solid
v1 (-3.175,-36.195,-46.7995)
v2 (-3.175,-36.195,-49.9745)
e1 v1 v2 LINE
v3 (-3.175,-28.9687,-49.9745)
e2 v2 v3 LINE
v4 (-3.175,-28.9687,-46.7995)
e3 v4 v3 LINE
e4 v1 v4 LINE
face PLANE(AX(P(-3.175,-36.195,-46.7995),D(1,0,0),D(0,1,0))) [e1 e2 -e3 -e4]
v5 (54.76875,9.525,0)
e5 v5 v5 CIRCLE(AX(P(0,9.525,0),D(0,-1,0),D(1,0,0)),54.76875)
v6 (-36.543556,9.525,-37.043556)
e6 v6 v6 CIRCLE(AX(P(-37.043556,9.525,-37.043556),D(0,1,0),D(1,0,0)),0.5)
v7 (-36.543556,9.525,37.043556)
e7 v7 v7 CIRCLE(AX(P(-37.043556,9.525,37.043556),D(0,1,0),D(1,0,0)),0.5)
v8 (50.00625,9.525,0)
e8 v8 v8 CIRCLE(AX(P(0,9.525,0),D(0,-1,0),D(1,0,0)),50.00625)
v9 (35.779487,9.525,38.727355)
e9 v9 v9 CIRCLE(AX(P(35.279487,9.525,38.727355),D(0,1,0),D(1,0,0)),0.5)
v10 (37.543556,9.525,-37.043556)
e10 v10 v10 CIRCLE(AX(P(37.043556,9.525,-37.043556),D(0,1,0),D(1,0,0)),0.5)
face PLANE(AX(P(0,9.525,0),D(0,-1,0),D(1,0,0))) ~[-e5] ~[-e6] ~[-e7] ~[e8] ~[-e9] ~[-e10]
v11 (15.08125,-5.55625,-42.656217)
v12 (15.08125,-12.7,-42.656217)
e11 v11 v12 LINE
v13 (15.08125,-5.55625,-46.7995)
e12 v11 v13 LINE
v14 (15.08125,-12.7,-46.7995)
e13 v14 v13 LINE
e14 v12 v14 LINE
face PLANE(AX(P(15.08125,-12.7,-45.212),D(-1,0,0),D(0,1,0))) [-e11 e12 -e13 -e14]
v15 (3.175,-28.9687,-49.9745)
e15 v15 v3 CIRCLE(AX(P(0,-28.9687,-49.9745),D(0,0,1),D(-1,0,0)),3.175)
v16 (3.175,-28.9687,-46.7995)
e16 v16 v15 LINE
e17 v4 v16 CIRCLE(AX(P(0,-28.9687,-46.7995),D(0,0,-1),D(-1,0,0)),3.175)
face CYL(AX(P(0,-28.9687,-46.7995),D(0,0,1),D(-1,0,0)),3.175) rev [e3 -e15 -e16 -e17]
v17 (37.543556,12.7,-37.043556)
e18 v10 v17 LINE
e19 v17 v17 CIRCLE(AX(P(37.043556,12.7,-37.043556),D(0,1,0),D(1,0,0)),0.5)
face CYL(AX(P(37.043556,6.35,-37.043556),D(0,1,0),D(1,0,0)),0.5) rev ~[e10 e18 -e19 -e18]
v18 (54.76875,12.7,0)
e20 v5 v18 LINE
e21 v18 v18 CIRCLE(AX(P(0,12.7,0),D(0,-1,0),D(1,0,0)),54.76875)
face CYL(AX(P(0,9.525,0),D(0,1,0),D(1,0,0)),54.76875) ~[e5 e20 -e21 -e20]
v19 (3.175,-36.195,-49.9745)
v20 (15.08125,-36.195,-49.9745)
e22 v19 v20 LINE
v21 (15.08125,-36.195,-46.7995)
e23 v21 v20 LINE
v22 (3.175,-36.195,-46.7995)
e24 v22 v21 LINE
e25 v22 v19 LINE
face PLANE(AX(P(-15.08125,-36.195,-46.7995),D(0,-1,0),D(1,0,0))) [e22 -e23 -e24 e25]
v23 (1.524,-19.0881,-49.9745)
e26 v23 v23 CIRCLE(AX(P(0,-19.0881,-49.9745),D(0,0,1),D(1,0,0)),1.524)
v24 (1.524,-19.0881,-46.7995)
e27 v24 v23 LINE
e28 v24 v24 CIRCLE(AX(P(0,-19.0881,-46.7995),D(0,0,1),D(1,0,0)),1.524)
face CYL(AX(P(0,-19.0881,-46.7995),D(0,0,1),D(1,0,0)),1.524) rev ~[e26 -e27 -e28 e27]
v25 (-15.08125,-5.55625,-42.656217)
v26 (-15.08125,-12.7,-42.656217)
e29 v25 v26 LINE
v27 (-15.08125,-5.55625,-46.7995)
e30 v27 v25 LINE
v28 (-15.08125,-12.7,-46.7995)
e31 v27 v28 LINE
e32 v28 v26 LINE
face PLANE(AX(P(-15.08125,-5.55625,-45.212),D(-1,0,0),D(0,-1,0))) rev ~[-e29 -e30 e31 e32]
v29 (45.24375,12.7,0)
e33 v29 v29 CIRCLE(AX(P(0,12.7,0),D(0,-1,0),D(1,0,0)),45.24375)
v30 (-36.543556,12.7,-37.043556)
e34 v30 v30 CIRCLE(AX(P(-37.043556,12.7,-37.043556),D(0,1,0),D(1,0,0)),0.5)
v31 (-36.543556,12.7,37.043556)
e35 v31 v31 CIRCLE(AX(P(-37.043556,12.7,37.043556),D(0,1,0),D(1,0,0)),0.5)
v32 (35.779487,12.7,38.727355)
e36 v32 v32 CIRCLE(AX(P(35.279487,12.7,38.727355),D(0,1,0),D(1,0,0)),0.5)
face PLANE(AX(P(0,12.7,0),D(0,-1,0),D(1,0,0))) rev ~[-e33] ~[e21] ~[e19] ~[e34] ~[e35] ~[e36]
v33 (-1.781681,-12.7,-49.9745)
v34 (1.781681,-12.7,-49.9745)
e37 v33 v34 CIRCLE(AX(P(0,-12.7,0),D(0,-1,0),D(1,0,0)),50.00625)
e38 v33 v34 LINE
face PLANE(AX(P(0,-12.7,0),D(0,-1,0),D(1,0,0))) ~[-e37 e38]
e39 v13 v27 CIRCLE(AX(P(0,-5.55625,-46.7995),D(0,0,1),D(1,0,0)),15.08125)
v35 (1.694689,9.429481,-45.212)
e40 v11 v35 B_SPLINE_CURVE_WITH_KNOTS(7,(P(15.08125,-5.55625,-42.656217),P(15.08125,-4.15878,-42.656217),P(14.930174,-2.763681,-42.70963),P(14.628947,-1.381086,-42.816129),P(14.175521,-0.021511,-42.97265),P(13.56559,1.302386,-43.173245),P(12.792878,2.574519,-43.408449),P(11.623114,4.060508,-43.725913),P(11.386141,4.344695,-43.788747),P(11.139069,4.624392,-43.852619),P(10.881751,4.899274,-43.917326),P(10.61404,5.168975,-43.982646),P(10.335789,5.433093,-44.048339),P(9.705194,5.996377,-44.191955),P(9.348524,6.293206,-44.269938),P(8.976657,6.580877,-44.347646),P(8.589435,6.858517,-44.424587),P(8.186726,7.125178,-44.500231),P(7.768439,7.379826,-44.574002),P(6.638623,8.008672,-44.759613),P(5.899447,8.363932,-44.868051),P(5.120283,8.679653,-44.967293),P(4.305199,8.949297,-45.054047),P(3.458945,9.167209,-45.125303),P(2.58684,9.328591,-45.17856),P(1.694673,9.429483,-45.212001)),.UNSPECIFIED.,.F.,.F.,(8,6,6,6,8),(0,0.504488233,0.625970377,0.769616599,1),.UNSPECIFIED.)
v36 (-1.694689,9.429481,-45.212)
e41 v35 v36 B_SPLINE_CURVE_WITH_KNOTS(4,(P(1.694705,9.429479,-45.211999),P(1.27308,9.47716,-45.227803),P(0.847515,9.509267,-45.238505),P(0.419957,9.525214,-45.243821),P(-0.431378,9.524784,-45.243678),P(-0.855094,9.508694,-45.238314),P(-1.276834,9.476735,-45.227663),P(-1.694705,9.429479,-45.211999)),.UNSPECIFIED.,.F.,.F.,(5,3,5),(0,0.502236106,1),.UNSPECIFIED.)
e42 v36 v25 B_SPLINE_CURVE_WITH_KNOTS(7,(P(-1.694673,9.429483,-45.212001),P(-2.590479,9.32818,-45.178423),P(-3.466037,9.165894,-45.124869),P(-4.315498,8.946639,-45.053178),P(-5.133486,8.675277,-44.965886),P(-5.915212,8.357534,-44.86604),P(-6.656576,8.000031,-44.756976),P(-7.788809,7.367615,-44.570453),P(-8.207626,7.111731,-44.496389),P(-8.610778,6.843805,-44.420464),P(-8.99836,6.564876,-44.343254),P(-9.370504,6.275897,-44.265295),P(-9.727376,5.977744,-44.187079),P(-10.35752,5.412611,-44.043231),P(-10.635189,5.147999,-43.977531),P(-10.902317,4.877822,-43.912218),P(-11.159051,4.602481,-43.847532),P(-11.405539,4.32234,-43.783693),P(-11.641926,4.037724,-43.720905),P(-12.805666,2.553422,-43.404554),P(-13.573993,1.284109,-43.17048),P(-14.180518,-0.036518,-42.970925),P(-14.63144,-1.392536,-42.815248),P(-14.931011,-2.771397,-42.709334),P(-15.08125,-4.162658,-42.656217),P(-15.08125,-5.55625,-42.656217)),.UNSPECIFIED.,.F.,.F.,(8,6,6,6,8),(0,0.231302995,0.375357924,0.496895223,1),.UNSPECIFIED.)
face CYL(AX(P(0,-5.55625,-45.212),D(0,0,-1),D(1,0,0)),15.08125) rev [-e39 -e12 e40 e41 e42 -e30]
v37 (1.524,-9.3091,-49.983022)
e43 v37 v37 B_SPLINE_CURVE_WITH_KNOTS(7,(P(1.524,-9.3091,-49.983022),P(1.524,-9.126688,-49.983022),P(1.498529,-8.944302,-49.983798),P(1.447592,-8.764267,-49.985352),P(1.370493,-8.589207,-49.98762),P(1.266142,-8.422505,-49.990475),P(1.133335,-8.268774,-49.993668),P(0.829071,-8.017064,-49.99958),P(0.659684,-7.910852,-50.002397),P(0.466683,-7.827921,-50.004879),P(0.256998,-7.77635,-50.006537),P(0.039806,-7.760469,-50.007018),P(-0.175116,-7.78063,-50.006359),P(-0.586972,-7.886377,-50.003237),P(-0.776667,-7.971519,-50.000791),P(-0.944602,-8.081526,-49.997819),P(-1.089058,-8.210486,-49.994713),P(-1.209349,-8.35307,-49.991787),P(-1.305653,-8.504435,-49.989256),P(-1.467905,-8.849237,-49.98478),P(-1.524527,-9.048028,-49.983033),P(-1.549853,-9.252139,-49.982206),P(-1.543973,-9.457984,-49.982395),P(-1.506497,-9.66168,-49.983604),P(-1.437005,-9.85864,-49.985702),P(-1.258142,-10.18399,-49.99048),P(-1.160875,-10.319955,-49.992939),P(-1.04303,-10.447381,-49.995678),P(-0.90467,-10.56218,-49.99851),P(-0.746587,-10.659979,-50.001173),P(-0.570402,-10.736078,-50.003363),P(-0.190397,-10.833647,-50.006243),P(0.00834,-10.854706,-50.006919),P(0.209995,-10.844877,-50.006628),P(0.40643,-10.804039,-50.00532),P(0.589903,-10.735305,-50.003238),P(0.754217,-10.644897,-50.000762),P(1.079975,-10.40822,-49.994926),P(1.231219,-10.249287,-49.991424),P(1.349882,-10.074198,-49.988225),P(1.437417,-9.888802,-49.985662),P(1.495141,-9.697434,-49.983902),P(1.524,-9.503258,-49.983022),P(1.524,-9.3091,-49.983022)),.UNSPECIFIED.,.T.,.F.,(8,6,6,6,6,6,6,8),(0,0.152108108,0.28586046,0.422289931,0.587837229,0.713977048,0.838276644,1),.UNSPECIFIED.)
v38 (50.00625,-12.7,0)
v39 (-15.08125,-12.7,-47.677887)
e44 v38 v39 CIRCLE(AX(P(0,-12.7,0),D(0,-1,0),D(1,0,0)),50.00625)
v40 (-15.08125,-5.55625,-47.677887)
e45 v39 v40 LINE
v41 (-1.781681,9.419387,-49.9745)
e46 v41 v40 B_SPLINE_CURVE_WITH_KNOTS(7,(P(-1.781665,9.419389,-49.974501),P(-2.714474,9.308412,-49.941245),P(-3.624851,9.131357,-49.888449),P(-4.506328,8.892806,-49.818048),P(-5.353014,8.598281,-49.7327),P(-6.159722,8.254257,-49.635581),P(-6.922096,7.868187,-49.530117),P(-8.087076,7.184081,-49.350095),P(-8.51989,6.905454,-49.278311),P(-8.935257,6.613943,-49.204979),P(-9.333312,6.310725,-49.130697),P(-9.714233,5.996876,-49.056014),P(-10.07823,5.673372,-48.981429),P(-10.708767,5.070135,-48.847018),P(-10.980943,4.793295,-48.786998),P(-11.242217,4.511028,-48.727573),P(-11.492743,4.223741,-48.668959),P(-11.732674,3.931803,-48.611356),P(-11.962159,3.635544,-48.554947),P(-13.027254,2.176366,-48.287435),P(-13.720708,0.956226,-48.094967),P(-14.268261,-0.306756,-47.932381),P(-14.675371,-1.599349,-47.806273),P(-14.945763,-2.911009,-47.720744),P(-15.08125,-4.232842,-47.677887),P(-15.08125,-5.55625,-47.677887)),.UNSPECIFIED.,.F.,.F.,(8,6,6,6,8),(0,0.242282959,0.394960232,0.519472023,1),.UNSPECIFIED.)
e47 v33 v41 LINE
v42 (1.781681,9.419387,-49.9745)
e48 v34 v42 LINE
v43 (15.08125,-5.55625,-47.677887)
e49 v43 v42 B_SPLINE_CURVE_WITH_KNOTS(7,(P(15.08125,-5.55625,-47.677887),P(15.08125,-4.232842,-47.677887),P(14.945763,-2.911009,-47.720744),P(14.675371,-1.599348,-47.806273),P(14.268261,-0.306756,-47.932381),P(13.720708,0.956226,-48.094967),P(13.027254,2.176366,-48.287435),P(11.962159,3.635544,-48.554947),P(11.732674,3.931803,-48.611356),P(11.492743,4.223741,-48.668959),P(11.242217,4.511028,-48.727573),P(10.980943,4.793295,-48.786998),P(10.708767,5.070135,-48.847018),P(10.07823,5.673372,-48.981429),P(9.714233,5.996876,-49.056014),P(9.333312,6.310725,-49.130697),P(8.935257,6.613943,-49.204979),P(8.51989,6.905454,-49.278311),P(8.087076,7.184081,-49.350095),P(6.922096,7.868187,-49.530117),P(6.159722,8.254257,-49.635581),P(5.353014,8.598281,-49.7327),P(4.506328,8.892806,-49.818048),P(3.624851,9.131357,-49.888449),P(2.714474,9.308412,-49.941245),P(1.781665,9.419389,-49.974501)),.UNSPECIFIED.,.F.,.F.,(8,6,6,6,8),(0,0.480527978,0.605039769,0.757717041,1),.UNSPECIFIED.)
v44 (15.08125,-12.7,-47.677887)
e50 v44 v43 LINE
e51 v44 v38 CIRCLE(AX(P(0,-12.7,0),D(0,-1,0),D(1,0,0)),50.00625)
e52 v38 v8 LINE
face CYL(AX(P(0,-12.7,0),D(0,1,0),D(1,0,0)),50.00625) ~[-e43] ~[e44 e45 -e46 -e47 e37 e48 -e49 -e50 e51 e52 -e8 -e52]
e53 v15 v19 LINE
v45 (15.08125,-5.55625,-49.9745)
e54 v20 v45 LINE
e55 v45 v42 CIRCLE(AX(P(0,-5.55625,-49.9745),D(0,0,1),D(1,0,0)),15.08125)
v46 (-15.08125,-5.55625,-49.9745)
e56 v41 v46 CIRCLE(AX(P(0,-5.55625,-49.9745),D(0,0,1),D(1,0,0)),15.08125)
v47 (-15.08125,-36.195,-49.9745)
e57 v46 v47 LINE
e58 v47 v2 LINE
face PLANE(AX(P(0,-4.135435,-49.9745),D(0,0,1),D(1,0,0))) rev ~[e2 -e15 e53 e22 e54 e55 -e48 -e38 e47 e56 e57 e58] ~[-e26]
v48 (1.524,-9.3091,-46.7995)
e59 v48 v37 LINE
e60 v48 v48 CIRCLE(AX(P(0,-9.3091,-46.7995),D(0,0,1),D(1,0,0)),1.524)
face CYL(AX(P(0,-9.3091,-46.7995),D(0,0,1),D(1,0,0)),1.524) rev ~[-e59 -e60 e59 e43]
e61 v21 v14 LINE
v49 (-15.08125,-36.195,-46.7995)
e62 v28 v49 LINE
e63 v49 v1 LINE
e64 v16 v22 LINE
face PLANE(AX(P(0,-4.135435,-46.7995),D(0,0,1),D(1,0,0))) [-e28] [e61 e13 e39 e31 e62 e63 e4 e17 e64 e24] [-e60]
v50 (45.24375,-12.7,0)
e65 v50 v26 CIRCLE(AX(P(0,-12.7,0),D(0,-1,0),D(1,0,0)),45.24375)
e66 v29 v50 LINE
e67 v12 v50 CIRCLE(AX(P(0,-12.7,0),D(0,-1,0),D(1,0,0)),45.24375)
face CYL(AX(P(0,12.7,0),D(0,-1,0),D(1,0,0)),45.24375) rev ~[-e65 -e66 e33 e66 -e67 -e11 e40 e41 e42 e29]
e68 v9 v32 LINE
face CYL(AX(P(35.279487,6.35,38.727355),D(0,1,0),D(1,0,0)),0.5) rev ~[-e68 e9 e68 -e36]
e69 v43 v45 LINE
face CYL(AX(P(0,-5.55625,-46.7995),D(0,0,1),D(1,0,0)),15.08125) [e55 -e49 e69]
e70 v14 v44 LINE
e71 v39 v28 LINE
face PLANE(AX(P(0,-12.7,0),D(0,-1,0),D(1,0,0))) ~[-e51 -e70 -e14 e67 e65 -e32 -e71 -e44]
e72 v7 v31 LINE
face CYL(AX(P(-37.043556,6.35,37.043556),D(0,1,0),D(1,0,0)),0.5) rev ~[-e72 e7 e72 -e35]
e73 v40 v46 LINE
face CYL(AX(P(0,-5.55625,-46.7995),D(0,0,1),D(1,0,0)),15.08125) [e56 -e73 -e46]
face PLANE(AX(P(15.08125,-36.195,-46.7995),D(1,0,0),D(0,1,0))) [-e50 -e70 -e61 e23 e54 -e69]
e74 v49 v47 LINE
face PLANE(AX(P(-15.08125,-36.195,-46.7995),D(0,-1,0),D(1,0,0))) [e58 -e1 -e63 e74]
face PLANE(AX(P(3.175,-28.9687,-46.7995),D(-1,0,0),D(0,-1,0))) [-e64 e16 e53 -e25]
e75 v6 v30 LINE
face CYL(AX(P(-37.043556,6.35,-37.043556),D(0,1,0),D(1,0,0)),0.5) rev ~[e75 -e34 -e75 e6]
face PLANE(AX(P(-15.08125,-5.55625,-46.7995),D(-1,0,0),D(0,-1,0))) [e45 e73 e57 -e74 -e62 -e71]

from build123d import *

# Parameters (mm, degrees)
CUT_EXTRUDE1_START        = -45.212
CUT_EXTRUDE1_DEPTH        = 3.302
CUT_EXTRUDE1_DEPTH_BACK   = 1.5875
SKETCH4_W                 = 30.1625
SKETCH4_H                 = 23.495
BOSS_EXTRUDE1_DEPTH       = 3.175
SKETCH5_R                 = 1.524
CUT_EXTRUDE2_DEPTH        = 8.96925
F_1_0MM_DOWEL_HOLE1_D     = 1
F_1_0MM_DOWEL_HOLE1_DEPTH = 3.175


with BuildPart() as part:
    # Sketch2 → Revolve1 (revolve)
    with BuildSketch(Plane.XY):
        Polygon((45.24375, -12.7), (50.00625, -12.7), (50.00625, 9.525), (54.76875, 9.525), (54.76875, 12.7), (50.00625, 12.7), (45.24375, 12.7), align=None)
    revolve(axis=Axis((0, 12.7, 0), (0, -1, 0)))

    # Sketch3 → Cut-Extrude1 (cut, two sides)
    with BuildSketch(Plane.XY.offset(CUT_EXTRUDE1_START)) as cut_extrude1_sk:
        with BuildLine():
            Line((-15.08125, -12.7), (15.08125, -12.7))
            Line((15.08125, -12.7), (15.08125, -5.55625))
            ThreePointArc((15.08125, -5.55625), (0, 9.525), (-15.08125, -5.55625))
            Line((-15.08125, -5.55625), (-15.08125, -12.7))
        make_face()
    extrude(amount=CUT_EXTRUDE1_DEPTH, mode=Mode.SUBTRACT)
    extrude(cut_extrude1_sk.sketch, amount=-CUT_EXTRUDE1_DEPTH_BACK, mode=Mode.SUBTRACT)

    # Sketch4 → Boss-Extrude1 (add)
    with BuildSketch(Plane.XY.offset(-46.7995)):
        with BuildLine():
            ThreePointArc((15.08125, -5.55625), (0, 9.525), (-15.08125, -5.55625))
            Line((-15.08125, -5.55625), (-15.08125, -12.7))
            Line((-15.08125, -12.7), (15.08125, -12.7))
            Line((15.08125, -12.7), (15.08125, -5.55625))
        make_face()
        with Locations((0, -24.4475)):
            Rectangle(SKETCH4_W, SKETCH4_H)
    extrude(amount=-BOSS_EXTRUDE1_DEPTH)

    # Sketch5 → Cut-Extrude2 (cut, through all)
    with BuildSketch(Plane.XY.offset(-46.7995)):
        with Locations((0, -19.0881)):
            Circle(SKETCH5_R)
        with Locations((0, -9.3091)):
            Circle(SKETCH5_R)
        with BuildLine():
            Line((-3.175, -36.195), (-3.175, -28.9687))
            ThreePointArc((-3.175, -28.9687), (0, -25.7937), (3.175, -28.9687))
            Line((3.175, -28.9687), (3.175, -36.195))
            Line((3.175, -36.195), (-3.175, -36.195))
        make_face()
    extrude(amount=-CUT_EXTRUDE2_DEPTH, mode=Mode.SUBTRACT)

    # Ø1.0mm Dowel Hole1
    with Locations(Plane(origin=(0, 9.525, 0), x_dir=(-1, 0, 0), z_dir=(0, -1, 0))):
        with Locations((-35.279486504, -38.727354522), (-37.043556499, 37.043556499), (37.043556499, 37.043556499), (37.043556499, -37.043556499)):
            Hole(F_1_0MM_DOWEL_HOLE1_D / 2, depth=F_1_0MM_DOWEL_HOLE1_DEPTH)


solid = part.part
